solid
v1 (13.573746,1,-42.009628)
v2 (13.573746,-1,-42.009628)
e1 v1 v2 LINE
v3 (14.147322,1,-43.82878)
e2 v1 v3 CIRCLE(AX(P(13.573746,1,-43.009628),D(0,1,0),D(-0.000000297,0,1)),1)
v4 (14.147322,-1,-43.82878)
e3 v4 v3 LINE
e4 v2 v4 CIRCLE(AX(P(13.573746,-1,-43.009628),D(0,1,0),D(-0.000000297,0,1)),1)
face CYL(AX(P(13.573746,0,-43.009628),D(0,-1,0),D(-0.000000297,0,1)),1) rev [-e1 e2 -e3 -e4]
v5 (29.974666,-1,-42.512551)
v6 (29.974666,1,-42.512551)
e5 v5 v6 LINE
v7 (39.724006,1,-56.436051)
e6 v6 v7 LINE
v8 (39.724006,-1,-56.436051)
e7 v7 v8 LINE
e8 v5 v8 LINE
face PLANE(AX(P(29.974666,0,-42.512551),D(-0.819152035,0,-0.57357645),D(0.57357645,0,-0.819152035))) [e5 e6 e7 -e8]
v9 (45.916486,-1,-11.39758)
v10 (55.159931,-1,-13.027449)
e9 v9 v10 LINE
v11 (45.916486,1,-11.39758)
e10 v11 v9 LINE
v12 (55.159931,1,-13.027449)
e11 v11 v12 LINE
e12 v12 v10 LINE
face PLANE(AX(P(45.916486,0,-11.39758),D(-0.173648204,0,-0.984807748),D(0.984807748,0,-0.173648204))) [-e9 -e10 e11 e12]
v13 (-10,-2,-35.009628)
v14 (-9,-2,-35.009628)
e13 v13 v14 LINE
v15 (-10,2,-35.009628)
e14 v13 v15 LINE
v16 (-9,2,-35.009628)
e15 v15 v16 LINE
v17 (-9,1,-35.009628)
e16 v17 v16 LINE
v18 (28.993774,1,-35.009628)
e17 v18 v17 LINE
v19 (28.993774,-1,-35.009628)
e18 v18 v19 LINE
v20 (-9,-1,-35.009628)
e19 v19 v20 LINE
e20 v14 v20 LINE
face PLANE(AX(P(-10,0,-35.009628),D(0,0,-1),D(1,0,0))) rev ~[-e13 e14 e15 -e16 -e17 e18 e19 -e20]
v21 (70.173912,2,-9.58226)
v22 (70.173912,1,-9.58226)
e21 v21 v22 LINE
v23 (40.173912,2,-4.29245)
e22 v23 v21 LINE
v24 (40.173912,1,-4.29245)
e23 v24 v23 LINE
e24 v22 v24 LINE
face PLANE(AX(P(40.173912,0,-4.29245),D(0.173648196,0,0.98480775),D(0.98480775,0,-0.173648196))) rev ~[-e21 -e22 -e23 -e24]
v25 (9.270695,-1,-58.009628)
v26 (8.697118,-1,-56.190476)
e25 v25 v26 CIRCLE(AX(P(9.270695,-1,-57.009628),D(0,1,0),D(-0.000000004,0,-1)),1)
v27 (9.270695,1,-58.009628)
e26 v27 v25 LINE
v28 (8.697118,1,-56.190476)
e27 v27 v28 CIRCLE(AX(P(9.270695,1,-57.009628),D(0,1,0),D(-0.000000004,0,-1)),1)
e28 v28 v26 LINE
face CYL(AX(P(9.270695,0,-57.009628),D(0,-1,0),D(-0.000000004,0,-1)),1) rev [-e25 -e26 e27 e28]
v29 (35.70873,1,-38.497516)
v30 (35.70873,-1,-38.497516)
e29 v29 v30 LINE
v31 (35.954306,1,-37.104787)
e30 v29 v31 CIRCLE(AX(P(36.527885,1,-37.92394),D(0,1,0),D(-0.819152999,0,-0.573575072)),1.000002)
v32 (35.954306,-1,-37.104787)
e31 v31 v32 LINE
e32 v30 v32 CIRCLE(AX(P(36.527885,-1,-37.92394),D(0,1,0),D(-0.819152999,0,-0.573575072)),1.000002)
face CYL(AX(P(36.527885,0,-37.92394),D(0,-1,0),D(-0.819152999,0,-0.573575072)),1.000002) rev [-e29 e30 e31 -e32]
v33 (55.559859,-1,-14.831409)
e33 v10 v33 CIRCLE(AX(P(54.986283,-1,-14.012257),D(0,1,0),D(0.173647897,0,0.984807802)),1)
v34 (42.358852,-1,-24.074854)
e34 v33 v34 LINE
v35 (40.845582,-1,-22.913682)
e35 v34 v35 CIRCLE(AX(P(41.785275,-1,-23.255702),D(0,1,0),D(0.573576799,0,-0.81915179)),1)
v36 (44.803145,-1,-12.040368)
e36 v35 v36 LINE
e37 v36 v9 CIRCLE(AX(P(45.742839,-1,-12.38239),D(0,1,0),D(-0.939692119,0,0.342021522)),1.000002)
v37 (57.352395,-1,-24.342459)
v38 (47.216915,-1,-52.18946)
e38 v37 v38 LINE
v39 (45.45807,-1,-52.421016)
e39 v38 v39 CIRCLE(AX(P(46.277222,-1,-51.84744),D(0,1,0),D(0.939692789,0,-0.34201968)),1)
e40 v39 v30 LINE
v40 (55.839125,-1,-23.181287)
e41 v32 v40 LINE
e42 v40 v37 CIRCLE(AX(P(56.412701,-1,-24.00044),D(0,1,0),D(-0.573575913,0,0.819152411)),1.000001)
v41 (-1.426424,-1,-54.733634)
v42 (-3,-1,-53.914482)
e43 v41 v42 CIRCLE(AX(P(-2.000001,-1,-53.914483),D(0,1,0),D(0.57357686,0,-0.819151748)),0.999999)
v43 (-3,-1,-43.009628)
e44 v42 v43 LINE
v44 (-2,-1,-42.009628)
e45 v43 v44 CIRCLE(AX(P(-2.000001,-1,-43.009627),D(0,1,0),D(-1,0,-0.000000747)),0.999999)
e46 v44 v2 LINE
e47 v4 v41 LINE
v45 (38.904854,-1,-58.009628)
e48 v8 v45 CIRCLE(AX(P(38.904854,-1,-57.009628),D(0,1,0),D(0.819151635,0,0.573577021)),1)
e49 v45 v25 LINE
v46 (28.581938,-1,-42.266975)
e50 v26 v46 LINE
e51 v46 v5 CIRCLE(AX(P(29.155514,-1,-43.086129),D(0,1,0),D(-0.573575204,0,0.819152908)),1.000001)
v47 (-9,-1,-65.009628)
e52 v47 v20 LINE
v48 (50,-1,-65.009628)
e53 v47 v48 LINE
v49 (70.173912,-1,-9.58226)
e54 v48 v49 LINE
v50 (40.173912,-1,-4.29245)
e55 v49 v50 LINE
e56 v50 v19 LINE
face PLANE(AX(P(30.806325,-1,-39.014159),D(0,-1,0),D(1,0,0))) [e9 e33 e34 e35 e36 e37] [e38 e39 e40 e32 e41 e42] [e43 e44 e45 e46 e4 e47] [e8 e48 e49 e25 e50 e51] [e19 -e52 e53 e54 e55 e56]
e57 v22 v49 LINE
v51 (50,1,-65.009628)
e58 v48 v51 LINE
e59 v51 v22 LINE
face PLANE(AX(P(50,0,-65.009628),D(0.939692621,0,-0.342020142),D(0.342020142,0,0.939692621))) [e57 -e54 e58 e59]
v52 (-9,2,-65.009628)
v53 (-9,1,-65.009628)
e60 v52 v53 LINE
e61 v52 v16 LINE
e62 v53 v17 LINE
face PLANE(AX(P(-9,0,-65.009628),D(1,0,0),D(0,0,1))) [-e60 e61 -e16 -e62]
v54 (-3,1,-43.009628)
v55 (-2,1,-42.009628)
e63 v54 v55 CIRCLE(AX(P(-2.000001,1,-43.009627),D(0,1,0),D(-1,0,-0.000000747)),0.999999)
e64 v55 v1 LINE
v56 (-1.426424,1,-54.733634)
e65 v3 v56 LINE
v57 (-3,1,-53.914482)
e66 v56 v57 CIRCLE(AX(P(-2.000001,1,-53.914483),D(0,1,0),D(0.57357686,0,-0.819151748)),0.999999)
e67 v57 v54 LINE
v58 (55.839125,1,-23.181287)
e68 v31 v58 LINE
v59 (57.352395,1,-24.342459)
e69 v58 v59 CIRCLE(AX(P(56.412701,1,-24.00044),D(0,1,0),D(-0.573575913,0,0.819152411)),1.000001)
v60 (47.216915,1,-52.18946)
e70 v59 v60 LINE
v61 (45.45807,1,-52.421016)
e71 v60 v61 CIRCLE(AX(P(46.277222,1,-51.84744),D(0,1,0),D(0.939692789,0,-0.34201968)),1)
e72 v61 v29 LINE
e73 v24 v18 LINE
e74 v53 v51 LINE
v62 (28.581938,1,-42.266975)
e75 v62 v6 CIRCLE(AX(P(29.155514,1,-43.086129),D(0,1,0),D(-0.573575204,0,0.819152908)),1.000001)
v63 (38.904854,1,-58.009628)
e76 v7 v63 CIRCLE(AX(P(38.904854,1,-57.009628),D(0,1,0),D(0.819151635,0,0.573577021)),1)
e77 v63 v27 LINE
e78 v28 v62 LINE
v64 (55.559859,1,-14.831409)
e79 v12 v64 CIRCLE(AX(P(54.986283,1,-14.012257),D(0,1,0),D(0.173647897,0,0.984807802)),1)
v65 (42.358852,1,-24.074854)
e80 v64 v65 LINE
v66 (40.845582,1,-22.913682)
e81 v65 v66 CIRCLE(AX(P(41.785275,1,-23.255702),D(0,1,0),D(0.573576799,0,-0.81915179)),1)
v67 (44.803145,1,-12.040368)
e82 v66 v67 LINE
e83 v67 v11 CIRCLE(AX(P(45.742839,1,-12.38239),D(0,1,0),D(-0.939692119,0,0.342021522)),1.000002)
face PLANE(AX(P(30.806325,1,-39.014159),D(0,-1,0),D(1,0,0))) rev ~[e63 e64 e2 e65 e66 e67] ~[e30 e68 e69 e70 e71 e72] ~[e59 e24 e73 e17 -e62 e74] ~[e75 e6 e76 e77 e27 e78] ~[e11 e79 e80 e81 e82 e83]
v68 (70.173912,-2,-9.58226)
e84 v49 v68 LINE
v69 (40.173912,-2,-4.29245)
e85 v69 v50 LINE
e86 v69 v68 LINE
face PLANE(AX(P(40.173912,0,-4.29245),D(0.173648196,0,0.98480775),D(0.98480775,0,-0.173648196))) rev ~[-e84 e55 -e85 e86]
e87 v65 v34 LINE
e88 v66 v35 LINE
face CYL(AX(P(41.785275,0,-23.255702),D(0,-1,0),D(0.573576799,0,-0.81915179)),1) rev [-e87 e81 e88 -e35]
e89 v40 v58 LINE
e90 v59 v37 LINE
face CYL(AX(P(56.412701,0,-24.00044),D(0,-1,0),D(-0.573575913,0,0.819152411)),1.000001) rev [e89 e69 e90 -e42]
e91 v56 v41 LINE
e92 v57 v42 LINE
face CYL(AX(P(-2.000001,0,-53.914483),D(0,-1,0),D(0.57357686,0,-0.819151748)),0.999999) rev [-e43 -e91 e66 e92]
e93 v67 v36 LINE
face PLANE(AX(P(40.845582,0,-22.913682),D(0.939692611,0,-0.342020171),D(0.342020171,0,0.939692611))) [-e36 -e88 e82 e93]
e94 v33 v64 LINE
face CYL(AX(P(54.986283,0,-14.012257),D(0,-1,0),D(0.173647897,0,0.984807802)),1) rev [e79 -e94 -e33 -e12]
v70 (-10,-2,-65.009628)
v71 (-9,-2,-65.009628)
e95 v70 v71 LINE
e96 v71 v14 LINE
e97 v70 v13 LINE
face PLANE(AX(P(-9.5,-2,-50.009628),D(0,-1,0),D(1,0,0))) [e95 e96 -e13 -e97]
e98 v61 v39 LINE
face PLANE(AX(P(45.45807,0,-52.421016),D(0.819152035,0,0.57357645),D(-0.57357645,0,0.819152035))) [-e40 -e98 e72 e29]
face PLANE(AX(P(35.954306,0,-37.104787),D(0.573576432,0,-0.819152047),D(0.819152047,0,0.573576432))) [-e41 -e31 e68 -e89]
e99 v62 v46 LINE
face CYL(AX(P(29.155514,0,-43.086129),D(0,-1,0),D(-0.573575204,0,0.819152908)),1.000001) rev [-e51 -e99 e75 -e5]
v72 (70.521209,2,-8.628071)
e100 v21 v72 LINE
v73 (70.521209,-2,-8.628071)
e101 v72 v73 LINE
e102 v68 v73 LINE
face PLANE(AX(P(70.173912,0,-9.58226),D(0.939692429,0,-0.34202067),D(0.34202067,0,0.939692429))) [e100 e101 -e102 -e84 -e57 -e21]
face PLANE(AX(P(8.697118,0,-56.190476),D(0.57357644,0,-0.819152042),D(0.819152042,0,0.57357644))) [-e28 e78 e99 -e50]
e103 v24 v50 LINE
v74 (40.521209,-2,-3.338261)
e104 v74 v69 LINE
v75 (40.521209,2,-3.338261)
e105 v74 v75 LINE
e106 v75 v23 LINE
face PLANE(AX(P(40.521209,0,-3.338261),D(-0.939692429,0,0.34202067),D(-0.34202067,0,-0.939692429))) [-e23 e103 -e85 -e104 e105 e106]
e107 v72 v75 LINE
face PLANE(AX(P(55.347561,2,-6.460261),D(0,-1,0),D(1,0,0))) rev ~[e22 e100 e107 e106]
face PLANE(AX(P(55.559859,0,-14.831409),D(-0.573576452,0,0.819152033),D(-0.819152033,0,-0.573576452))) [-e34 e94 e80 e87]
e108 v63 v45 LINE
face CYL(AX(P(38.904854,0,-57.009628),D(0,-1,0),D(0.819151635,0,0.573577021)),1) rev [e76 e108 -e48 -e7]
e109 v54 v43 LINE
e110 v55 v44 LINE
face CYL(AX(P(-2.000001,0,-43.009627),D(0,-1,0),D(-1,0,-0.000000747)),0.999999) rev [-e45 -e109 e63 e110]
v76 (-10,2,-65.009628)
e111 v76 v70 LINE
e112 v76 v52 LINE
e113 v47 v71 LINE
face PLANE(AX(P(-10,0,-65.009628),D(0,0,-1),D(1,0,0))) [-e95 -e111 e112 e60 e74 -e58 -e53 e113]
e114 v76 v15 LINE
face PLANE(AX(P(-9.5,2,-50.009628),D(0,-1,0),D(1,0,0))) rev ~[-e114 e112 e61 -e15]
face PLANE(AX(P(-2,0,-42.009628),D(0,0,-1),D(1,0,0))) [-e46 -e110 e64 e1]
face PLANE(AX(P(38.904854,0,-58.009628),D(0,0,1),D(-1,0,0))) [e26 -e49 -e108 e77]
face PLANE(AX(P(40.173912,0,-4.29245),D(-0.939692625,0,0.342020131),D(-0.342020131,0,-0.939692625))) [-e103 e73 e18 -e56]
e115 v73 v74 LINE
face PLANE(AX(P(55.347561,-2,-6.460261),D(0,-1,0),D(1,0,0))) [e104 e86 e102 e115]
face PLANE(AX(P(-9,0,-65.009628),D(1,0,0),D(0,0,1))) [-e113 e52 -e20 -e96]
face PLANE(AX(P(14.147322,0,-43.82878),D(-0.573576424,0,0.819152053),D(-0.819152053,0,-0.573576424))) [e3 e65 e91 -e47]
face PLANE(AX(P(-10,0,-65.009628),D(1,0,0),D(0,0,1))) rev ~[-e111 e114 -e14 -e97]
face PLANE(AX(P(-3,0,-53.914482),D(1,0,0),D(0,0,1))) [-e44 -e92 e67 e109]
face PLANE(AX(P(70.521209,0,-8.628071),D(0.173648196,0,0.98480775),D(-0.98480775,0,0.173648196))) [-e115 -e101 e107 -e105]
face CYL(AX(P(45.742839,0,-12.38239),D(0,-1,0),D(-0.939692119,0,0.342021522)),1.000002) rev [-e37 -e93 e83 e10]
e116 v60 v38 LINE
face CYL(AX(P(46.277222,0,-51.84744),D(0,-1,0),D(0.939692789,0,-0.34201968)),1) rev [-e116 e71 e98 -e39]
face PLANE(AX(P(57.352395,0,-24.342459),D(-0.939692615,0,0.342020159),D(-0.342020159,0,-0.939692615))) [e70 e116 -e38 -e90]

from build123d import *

# Parameters (mm, degrees)
F0_W     = 1
F0_H     = 30
F1_DEPTH = 1
F2_DEPTH = 2


with BuildPart() as f1:
    # F0 (on Front) → F1 (new body, symmetric)
    with BuildSketch(Plane.XZ):
        Polygon((-9, -65.009628), (50, -65.009628), (70.173912, -9.58226), (40.173912, -4.29245), (28.993774, -35.009628), (-9, -35.009628), align=None)
        with BuildLine():
            ThreePointArc((39.724006, -56.436051), (39.791865, -57.471377), (38.904854, -58.009628))
            Line((38.904854, -58.009628), (9.270695, -58.009628))
            ThreePointArc((9.270695, -58.009628), (8.316978, -57.310334), (8.697118, -56.190476))
            Line((8.697118, -56.190476), (28.581938, -42.266975))
            ThreePointArc((28.581938, -42.266975), (29.329162, -42.10132), (29.974666, -42.512551))
            Line((29.974666, -42.512551), (39.724006, -56.436051))
        make_face(mode=Mode.SUBTRACT)
        with BuildLine():
            ThreePointArc((-1.426424, -54.733634), (-2.461749, -54.801493), (-3, -53.914482))
            Line((-3, -53.914482), (-3, -43.009628))
            ThreePointArc((-3, -43.009628), (-2.707107, -42.302521), (-2, -42.009628))
            Line((-2, -42.009628), (13.573746, -42.009628))
            ThreePointArc((13.573746, -42.009628), (14.527463, -42.708922), (14.147322, -43.82878))
            Line((14.147322, -43.82878), (-1.426424, -54.733634))
        make_face(mode=Mode.SUBTRACT)
        with BuildLine():
            Line((57.352395, -24.342459), (47.216915, -52.18946))
            ThreePointArc((47.216915, -52.18946), (46.407749, -52.838885), (45.45807, -52.421016))
            Line((45.45807, -52.421016), (35.70873, -38.497516))
            ThreePointArc((35.70873, -38.497516), (35.543075, -37.750291), (35.954306, -37.104787))
            Line((35.954306, -37.104787), (55.839125, -23.181287))
            ThreePointArc((55.839125, -23.181287), (57.021463, -23.207086), (57.352395, -24.342459))
        make_face(mode=Mode.SUBTRACT)
        with BuildLine():
            ThreePointArc((42.358852, -24.074854), (41.176514, -24.049056), (40.845582, -22.913682))
            Line((40.845582, -22.913682), (44.803145, -12.040368))
            ThreePointArc((44.803145, -12.040368), (45.242838, -11.516363), (45.916486, -11.39758))
            Line((45.916486, -11.39758), (55.159931, -13.027449))
            ThreePointArc((55.159931, -13.027449), (55.962579, -13.795817), (55.559859, -14.831409))
            Line((55.559859, -14.831409), (42.358852, -24.074854))
        make_face(mode=Mode.SUBTRACT)
        Polygon((40.173912, -4.29245), (70.173912, -9.58226), (70.521209, -8.628071), (40.521209, -3.338261), align=None)
        with Locations((-9.5, -50.009628)):
            Rectangle(F0_W, F0_H)
    extrude(amount=F1_DEPTH, both=True)

    # F0 (on Front) → F2 (join, symmetric)
    with BuildSketch(Plane.XZ):
        Polygon((40.173912, -4.29245), (70.173912, -9.58226), (70.521209, -8.628071), (40.521209, -3.338261), align=None)
        with Locations((-9.5, -50.009628)):
            Rectangle(F0_W, F0_H)
    extrude(amount=F2_DEPTH, both=True)


solid = f1.part
